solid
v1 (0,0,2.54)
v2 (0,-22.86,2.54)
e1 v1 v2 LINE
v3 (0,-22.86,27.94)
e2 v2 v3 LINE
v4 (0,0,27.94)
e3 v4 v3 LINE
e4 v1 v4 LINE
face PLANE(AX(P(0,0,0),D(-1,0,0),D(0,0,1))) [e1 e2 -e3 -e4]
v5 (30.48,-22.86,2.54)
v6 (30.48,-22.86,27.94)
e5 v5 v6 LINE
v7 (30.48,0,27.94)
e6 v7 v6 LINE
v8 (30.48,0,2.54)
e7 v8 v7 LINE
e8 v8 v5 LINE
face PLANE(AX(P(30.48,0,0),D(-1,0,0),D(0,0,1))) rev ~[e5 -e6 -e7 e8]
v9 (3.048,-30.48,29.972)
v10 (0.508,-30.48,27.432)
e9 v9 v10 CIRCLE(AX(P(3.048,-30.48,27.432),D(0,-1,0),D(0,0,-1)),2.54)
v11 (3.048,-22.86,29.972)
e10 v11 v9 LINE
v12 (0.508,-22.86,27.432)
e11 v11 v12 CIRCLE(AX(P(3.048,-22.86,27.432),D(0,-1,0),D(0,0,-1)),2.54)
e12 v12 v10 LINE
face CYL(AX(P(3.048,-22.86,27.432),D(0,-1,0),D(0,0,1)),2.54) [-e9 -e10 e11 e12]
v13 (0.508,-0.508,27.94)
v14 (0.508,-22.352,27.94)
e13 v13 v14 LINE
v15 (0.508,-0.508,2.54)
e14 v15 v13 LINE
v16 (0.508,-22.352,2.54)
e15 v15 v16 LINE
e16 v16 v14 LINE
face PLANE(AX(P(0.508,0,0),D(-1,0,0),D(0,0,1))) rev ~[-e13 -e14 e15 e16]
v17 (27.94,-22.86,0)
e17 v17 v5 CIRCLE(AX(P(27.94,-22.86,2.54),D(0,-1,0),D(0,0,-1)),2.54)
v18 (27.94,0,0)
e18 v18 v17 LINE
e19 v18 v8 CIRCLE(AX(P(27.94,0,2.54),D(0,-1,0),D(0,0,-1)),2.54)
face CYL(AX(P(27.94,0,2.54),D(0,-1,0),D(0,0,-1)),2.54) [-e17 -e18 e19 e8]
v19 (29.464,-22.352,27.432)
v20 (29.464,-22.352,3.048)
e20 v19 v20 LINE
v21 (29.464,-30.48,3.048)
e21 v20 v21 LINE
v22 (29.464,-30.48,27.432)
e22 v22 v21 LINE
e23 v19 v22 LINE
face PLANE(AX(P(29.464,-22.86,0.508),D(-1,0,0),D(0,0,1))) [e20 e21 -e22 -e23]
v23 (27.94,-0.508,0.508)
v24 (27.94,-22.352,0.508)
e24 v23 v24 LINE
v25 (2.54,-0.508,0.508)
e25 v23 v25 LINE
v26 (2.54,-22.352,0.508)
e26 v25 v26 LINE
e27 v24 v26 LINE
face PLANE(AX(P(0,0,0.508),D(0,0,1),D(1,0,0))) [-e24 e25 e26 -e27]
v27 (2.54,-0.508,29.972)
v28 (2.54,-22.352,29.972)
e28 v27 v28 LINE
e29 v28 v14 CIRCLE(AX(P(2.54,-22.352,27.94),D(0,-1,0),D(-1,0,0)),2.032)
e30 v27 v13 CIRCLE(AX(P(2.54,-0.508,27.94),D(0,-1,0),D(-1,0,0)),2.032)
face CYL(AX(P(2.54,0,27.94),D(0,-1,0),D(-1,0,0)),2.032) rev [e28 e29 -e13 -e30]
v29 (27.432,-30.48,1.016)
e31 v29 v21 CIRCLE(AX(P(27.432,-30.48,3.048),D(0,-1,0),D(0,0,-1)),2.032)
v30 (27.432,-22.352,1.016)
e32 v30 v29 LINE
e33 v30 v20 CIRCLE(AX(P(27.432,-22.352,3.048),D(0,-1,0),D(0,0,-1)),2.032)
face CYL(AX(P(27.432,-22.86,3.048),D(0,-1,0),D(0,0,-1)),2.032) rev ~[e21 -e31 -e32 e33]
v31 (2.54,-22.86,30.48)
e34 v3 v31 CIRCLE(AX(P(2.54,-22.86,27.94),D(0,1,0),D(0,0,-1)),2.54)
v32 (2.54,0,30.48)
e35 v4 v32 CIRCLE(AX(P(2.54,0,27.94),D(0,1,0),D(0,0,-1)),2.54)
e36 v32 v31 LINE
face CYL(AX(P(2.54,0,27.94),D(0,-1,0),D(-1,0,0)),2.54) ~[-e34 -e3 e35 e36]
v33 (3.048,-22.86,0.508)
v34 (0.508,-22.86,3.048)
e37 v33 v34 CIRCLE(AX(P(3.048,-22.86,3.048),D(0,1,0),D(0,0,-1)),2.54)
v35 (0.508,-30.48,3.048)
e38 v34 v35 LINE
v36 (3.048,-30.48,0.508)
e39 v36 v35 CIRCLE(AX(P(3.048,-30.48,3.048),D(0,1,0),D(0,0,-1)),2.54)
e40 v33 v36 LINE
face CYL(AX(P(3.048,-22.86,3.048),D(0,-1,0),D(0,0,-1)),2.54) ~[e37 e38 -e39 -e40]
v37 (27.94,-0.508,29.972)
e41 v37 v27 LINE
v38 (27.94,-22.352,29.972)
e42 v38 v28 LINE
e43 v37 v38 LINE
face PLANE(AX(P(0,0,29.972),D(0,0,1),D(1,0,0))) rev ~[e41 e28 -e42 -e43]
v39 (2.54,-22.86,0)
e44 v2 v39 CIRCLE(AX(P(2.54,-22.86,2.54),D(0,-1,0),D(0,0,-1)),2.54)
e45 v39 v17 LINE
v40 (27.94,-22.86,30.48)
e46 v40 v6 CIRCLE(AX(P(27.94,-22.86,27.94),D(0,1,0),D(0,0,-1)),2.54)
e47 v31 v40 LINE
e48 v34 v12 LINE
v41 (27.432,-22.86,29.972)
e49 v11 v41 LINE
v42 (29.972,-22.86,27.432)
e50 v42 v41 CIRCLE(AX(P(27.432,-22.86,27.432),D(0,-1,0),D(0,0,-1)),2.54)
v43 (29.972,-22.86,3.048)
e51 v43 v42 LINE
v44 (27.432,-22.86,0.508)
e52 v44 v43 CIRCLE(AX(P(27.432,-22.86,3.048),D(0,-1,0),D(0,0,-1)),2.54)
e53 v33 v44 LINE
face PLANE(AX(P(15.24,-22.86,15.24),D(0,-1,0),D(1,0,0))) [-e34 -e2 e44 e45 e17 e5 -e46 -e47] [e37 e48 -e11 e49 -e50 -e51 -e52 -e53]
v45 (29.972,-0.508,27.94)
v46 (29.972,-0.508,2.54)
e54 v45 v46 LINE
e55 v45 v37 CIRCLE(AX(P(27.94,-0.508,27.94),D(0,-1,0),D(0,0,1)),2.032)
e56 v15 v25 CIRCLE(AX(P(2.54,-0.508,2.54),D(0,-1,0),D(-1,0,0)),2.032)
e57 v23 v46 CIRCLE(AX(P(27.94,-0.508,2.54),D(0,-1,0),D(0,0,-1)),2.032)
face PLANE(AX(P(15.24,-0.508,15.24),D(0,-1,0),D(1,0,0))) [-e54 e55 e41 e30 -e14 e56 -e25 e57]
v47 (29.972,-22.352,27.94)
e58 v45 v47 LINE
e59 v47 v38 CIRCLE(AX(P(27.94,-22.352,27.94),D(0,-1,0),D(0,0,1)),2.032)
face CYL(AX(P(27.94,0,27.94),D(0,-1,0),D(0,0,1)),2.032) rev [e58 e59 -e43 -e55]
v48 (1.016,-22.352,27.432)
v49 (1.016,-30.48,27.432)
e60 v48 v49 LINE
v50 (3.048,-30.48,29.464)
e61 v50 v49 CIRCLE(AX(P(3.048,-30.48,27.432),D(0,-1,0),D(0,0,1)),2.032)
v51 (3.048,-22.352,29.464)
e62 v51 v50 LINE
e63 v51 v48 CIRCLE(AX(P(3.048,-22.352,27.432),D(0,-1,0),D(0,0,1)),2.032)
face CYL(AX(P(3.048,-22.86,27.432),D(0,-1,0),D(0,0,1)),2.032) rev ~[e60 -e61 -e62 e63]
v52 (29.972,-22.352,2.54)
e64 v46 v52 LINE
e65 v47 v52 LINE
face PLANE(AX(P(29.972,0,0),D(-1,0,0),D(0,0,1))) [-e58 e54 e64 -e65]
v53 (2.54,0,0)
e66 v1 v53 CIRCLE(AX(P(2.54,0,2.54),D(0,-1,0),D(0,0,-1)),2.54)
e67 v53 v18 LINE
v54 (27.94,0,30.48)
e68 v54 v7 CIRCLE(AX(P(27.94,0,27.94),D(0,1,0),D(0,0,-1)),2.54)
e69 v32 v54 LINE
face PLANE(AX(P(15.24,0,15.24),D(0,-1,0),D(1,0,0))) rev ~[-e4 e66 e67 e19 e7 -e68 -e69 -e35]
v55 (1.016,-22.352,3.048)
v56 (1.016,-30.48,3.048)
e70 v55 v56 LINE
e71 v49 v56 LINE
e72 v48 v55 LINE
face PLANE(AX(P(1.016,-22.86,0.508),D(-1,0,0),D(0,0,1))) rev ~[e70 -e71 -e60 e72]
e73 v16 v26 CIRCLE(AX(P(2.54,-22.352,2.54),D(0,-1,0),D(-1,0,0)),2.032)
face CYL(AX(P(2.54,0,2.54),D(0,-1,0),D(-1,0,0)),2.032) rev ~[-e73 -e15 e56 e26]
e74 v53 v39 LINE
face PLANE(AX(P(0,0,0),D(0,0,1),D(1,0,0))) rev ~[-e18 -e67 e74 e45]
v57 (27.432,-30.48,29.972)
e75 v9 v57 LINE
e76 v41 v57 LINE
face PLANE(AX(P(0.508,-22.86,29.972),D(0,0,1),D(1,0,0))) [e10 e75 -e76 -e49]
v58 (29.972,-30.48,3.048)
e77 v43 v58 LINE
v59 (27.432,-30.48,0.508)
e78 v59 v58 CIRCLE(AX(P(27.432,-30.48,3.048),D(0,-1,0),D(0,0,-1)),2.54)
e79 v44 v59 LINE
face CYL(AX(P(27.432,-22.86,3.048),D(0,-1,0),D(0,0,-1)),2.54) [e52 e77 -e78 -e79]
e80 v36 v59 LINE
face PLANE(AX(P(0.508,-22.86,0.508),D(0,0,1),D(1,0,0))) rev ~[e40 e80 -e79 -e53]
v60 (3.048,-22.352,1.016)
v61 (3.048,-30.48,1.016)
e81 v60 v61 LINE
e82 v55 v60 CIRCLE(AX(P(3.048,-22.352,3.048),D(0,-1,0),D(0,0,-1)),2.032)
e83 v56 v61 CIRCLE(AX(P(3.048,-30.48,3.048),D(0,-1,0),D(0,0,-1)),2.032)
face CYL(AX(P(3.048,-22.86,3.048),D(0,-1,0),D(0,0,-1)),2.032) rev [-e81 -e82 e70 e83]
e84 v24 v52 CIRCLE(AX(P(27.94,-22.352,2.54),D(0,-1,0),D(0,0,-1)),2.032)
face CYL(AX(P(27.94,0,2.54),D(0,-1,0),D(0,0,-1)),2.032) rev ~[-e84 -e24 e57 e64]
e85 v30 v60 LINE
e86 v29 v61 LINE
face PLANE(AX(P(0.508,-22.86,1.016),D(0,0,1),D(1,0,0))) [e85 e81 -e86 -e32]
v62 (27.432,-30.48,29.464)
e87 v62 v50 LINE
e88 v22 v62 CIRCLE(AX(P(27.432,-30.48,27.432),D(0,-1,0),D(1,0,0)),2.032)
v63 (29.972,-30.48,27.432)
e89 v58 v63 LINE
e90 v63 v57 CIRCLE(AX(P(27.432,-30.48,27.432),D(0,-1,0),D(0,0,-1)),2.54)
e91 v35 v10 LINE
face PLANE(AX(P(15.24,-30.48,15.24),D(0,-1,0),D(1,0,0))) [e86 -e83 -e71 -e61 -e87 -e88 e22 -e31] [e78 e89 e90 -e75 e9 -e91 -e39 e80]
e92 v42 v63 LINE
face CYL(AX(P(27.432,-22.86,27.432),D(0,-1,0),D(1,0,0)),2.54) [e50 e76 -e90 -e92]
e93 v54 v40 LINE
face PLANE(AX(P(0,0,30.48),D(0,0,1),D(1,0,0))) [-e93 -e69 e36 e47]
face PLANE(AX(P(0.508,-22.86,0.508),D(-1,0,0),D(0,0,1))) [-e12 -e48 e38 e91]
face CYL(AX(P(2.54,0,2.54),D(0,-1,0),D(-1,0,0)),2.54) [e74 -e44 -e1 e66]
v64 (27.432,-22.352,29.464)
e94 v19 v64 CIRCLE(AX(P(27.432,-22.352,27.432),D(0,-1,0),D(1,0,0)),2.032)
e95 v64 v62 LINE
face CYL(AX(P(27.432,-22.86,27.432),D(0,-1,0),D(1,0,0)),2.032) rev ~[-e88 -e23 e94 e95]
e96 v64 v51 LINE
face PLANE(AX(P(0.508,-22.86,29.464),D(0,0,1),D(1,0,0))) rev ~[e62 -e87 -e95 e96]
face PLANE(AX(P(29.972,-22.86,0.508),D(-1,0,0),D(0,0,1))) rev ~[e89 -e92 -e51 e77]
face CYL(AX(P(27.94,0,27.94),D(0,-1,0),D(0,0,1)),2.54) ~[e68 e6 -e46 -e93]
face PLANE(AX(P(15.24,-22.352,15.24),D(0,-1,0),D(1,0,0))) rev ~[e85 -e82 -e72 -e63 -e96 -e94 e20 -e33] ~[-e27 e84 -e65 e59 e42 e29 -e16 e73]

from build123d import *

# Parameters (mm, degrees)
F0_W     = 30.48
F0_H     = 30.48
F1_DEPTH = 22.86
F2_W     = 29.464
F2_H     = 29.464
F3_DEPTH = 7.62
F4_R     = 2.54
F5_T     = -0.508


with BuildPart() as f1:
    # F0 (on Front) → F1 (new body)
    with BuildSketch(Plane.XZ):
        with Locations((15.24, 15.24)):
            Rectangle(F0_W, F0_H)
    extrude(amount=F1_DEPTH)

    # F2 (on face) → F3 (join)
    with BuildSketch(Plane.XZ.offset(22.86)):
        with Locations((15.24, 15.24)):
            Rectangle(F2_W, F2_H)
    extrude(amount=F3_DEPTH)

    # F4
    f4_edges = [f1.edges().sort_by_distance(p)[0] for p in [
        (30.48, -11.43, 30.48),
        (29.972, -26.67, 29.972),
        (0.508, -26.67, 29.972),
        (0, -11.43, 30.48),
        (0, -11.43, 0),
        (0.508, -26.67, 0.508),
        (30.48, -11.43, 0),
        (29.972, -26.67, 0.508),
    ]]
    fillet(f4_edges, radius=F4_R)

    # F5
    f5_openings = [f1.faces().sort_by_distance(p)[0] for p in [
        (15.24, -30.48, 15.24),
    ]]
    offset(amount=F5_T, openings=f5_openings, kind=Kind.INTERSECTION)


solid = f1.part
